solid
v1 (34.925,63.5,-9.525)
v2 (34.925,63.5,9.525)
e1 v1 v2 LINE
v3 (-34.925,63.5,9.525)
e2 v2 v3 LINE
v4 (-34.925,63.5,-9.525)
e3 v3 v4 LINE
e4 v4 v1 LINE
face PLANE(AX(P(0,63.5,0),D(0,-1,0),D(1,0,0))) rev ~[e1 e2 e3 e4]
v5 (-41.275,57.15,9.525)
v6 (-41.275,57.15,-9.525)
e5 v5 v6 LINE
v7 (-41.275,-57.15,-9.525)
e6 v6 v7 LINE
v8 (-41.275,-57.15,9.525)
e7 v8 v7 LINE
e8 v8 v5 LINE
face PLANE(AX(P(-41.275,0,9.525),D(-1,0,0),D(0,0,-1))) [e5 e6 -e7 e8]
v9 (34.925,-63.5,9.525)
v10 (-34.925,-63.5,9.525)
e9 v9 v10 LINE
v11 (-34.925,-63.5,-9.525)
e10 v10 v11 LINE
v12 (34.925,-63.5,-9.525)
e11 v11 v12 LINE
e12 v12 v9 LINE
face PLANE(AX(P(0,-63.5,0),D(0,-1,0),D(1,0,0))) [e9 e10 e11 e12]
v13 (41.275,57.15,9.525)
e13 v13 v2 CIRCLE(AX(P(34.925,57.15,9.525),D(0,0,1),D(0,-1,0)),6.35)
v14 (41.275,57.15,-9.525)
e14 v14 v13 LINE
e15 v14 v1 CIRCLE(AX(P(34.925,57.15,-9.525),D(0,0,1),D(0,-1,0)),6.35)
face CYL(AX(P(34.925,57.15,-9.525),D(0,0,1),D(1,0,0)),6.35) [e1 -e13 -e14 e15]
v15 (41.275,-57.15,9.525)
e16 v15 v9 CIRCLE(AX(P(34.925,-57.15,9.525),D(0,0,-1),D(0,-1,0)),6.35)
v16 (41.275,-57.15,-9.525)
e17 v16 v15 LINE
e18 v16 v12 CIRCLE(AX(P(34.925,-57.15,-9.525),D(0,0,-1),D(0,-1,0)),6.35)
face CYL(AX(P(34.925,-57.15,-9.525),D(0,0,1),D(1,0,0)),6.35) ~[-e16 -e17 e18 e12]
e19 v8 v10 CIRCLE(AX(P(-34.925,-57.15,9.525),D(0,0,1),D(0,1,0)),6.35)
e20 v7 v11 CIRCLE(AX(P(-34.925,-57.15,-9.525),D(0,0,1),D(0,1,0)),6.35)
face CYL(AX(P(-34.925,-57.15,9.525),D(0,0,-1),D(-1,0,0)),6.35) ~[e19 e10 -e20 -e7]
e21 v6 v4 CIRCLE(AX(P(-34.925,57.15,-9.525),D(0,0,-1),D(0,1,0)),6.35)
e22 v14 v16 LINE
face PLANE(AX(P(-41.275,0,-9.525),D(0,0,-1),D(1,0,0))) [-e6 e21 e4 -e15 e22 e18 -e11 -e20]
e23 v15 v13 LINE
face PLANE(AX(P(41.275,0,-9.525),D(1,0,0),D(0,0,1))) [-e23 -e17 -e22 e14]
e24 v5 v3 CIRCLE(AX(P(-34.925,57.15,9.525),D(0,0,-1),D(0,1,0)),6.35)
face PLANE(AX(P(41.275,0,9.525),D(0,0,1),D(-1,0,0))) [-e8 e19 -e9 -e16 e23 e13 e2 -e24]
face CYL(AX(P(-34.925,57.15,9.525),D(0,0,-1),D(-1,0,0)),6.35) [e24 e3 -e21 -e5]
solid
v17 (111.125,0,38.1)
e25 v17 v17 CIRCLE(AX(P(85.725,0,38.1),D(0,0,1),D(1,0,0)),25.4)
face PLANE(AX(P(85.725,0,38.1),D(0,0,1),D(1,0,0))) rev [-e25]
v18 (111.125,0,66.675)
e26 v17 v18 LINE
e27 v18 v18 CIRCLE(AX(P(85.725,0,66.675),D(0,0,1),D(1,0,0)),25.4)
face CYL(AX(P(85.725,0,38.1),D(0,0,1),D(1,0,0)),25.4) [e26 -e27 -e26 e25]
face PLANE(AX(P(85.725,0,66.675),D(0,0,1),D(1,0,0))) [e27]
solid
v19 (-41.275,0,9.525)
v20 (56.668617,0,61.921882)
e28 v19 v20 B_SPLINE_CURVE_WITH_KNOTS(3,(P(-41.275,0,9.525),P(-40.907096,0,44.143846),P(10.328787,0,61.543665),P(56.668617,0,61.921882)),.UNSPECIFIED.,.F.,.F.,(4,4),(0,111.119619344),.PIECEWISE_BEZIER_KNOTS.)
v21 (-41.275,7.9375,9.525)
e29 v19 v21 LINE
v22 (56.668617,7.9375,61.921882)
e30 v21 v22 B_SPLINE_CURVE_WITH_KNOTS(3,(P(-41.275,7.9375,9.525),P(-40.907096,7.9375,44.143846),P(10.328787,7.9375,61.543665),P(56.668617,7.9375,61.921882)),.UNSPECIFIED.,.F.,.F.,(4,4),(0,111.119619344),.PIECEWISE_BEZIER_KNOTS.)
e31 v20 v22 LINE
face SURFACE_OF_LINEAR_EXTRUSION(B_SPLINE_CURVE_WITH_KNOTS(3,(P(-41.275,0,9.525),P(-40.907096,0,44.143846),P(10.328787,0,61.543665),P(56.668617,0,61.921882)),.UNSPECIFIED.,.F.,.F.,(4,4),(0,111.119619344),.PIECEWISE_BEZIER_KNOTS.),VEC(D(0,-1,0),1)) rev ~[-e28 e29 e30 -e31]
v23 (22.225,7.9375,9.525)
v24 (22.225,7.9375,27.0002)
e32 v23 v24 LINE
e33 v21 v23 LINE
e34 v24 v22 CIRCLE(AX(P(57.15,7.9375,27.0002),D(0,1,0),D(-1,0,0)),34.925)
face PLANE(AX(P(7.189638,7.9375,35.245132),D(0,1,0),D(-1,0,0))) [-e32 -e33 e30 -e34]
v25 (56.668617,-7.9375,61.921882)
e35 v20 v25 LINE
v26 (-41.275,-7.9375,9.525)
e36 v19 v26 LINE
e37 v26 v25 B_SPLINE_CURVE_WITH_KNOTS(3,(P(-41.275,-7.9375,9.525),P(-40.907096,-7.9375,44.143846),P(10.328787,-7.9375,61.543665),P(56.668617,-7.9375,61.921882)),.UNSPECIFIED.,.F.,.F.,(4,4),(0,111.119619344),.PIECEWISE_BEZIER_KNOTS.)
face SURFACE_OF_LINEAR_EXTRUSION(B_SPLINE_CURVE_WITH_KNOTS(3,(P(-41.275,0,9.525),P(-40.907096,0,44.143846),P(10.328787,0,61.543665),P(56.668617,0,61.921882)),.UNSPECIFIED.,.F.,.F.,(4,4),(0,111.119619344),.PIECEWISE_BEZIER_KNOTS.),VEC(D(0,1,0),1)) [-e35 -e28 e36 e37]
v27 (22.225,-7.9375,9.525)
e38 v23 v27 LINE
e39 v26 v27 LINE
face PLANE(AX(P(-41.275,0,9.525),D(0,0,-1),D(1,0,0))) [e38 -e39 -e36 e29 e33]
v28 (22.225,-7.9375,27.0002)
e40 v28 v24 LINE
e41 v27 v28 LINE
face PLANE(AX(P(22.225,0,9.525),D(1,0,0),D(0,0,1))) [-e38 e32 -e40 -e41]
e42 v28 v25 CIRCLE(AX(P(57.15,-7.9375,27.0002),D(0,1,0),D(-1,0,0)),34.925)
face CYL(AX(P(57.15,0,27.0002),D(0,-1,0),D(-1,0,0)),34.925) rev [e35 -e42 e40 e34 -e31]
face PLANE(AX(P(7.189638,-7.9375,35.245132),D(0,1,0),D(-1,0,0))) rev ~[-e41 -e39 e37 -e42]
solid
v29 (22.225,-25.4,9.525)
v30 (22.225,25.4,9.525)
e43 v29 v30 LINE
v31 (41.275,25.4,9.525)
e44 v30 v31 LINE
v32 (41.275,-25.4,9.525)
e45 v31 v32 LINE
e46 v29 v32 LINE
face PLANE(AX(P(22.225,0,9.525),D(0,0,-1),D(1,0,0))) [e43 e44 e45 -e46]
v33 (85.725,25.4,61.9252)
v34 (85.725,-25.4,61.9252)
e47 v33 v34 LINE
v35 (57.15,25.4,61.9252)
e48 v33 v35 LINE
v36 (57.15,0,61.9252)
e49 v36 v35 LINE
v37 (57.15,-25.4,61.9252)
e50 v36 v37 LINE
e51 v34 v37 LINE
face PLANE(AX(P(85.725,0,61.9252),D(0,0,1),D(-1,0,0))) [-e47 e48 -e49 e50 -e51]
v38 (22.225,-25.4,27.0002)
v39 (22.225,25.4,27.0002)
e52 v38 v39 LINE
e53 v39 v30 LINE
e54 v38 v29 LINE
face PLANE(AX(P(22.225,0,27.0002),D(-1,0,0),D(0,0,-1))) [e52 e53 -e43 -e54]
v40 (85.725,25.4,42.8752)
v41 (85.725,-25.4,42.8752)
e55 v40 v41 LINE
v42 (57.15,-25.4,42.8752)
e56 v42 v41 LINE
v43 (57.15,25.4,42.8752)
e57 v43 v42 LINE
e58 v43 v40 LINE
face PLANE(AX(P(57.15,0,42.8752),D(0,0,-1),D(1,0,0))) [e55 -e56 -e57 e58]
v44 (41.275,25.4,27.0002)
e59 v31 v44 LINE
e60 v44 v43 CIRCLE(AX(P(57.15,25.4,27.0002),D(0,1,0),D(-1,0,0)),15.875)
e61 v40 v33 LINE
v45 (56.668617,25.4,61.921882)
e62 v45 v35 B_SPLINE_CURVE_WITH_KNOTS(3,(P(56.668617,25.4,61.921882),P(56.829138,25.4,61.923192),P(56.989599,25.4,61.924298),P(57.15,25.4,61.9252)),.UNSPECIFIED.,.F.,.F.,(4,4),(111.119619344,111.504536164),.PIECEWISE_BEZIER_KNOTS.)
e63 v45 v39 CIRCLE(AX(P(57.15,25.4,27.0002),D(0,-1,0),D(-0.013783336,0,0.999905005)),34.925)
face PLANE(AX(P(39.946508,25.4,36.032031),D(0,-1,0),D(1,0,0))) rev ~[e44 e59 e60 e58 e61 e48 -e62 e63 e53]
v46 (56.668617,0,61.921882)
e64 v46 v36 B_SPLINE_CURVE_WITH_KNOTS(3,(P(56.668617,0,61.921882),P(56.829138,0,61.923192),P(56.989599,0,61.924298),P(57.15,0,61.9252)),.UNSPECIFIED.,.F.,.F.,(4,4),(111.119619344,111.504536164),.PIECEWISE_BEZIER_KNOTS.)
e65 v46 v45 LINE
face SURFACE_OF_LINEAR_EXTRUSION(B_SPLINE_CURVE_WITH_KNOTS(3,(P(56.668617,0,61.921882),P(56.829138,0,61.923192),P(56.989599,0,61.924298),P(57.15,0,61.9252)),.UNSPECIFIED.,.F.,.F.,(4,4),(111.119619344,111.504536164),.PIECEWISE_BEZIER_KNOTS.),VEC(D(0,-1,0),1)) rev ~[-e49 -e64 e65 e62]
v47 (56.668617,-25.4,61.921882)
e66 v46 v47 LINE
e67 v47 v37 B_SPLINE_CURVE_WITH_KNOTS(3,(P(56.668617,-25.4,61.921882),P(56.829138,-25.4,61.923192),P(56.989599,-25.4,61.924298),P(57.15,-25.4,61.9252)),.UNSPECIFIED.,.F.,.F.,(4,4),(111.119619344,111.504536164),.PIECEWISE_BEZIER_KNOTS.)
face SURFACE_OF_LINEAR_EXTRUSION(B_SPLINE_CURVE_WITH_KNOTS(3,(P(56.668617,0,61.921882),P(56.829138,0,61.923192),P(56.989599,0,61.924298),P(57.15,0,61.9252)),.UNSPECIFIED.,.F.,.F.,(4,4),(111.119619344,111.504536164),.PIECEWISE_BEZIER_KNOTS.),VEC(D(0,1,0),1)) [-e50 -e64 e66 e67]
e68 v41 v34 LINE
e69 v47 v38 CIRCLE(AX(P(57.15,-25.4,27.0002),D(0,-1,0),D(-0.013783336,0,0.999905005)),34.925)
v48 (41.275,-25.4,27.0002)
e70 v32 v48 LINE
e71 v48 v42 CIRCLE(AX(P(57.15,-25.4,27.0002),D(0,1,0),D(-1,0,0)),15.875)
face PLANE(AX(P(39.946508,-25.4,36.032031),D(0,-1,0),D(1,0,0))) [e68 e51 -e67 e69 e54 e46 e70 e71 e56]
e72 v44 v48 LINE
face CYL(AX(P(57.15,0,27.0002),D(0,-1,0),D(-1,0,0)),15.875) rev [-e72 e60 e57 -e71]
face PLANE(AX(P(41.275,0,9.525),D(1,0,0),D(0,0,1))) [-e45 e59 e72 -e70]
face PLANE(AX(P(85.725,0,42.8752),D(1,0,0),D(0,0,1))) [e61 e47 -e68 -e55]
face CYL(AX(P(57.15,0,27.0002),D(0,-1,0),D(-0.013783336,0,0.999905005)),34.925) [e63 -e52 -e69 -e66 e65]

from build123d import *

# Parameters (mm, degrees)
F1_DEPTH = 63.5
F0_W     = 25.4
F0_H     = 19.05
F2_DEPTH = 25.4
F3_DEPTH = 7.9375
F5_R     = 6.35


with BuildPart() as f1:
    # F0 (on Front) → F1 (new body, symmetric)
    with BuildSketch(Plane.XZ):
        Polygon((-41.275, 9.525), (-41.275, -9.525), (41.275, -9.525), (41.275, 9.525), (22.225, 9.525), align=None)
    extrude(amount=F1_DEPTH, both=True)

    # F5
    f5_edges = [f1.edges().sort_by_distance(p)[0] for p in [
        (41.275, -63.5, 0),
        (41.275, 63.5, 0),
        (-41.275, 63.5, 0),
        (-41.275, -63.5, 0),
    ]]
    fillet(f5_edges, radius=F5_R)


with BuildPart() as f2:
    # F0 (on Front) → F2 (new body, symmetric)
    with BuildSketch(Plane.XZ):
        with BuildLine():
            Line((22.225, 9.525), (41.275, 9.525))
            Line((41.275, 9.525), (41.275, 27.0002))
            ThreePointArc((41.275, 27.0002), (45.9246798487, 38.2255201513), (57.15, 42.8752))
            Line((57.15, 42.8752), (60.325, 42.8752))
            Line((60.325, 42.8752), (60.325, 61.9252))
            Line((60.325, 61.9252), (57.15, 61.9252))
            add(Edge.make_bspline(
                [(56.6686169782, 61.9218823104), (56.8291375068, 61.9231924498), (56.9895992867, 61.9242983436), (57.15, 61.9252)],
                knots=[111.1196193443, 111.1196193443, 111.1196193443, 111.1196193443, 111.5045361635, 111.5045361635, 111.5045361635, 111.5045361635], degree=3))
            ThreePointArc((56.6686169782, 61.9218823104), (32.2846835227, 51.5251191942), (22.225, 27.0002))
            Line((22.225, 27.0002), (22.225, 9.525))
        make_face()
        with Locations((73.025, 52.4002)):
            Rectangle(F0_W, F0_H)
    extrude(amount=F2_DEPTH, both=True)


with BuildPart() as f3:
    # F0 (on Front) → F3 (new body, symmetric)
    with BuildSketch(Plane.XZ):
        with BuildLine():
            add(Edge.make_bspline(
                [(-41.275, 9.525), (-40.9070964811, 44.1438460137), (10.3287868037, 61.5436650302), (56.6686169782, 61.9218823104)],
                knots=[0, 0, 0, 0, 111.1196193443, 111.1196193443, 111.1196193443, 111.1196193443], degree=3))
            Line((-41.275, 9.525), (22.225, 9.525))
            Line((22.225, 9.525), (22.225, 27.0002))
            ThreePointArc((22.225, 27.0002), (32.2846835227, 51.5251191942), (56.6686169782, 61.9218823104))
        make_face()
    extrude(amount=F3_DEPTH, both=True)


with BuildPart() as f4:
    # F0 (on Front) → F4 (revolve)
    with BuildSketch(Plane.XZ):
        Polygon((85.725, 66.675), (85.725, 61.9252), (85.725, 42.8752), (85.725, 38.1), (111.125, 38.1), (111.125, 66.675), align=None)
    revolve(axis=Axis((85.725, 0, 52.3875), (0, 0, 1)))


solid = Compound([f1.part, f2.part, f3.part, f4.part])
